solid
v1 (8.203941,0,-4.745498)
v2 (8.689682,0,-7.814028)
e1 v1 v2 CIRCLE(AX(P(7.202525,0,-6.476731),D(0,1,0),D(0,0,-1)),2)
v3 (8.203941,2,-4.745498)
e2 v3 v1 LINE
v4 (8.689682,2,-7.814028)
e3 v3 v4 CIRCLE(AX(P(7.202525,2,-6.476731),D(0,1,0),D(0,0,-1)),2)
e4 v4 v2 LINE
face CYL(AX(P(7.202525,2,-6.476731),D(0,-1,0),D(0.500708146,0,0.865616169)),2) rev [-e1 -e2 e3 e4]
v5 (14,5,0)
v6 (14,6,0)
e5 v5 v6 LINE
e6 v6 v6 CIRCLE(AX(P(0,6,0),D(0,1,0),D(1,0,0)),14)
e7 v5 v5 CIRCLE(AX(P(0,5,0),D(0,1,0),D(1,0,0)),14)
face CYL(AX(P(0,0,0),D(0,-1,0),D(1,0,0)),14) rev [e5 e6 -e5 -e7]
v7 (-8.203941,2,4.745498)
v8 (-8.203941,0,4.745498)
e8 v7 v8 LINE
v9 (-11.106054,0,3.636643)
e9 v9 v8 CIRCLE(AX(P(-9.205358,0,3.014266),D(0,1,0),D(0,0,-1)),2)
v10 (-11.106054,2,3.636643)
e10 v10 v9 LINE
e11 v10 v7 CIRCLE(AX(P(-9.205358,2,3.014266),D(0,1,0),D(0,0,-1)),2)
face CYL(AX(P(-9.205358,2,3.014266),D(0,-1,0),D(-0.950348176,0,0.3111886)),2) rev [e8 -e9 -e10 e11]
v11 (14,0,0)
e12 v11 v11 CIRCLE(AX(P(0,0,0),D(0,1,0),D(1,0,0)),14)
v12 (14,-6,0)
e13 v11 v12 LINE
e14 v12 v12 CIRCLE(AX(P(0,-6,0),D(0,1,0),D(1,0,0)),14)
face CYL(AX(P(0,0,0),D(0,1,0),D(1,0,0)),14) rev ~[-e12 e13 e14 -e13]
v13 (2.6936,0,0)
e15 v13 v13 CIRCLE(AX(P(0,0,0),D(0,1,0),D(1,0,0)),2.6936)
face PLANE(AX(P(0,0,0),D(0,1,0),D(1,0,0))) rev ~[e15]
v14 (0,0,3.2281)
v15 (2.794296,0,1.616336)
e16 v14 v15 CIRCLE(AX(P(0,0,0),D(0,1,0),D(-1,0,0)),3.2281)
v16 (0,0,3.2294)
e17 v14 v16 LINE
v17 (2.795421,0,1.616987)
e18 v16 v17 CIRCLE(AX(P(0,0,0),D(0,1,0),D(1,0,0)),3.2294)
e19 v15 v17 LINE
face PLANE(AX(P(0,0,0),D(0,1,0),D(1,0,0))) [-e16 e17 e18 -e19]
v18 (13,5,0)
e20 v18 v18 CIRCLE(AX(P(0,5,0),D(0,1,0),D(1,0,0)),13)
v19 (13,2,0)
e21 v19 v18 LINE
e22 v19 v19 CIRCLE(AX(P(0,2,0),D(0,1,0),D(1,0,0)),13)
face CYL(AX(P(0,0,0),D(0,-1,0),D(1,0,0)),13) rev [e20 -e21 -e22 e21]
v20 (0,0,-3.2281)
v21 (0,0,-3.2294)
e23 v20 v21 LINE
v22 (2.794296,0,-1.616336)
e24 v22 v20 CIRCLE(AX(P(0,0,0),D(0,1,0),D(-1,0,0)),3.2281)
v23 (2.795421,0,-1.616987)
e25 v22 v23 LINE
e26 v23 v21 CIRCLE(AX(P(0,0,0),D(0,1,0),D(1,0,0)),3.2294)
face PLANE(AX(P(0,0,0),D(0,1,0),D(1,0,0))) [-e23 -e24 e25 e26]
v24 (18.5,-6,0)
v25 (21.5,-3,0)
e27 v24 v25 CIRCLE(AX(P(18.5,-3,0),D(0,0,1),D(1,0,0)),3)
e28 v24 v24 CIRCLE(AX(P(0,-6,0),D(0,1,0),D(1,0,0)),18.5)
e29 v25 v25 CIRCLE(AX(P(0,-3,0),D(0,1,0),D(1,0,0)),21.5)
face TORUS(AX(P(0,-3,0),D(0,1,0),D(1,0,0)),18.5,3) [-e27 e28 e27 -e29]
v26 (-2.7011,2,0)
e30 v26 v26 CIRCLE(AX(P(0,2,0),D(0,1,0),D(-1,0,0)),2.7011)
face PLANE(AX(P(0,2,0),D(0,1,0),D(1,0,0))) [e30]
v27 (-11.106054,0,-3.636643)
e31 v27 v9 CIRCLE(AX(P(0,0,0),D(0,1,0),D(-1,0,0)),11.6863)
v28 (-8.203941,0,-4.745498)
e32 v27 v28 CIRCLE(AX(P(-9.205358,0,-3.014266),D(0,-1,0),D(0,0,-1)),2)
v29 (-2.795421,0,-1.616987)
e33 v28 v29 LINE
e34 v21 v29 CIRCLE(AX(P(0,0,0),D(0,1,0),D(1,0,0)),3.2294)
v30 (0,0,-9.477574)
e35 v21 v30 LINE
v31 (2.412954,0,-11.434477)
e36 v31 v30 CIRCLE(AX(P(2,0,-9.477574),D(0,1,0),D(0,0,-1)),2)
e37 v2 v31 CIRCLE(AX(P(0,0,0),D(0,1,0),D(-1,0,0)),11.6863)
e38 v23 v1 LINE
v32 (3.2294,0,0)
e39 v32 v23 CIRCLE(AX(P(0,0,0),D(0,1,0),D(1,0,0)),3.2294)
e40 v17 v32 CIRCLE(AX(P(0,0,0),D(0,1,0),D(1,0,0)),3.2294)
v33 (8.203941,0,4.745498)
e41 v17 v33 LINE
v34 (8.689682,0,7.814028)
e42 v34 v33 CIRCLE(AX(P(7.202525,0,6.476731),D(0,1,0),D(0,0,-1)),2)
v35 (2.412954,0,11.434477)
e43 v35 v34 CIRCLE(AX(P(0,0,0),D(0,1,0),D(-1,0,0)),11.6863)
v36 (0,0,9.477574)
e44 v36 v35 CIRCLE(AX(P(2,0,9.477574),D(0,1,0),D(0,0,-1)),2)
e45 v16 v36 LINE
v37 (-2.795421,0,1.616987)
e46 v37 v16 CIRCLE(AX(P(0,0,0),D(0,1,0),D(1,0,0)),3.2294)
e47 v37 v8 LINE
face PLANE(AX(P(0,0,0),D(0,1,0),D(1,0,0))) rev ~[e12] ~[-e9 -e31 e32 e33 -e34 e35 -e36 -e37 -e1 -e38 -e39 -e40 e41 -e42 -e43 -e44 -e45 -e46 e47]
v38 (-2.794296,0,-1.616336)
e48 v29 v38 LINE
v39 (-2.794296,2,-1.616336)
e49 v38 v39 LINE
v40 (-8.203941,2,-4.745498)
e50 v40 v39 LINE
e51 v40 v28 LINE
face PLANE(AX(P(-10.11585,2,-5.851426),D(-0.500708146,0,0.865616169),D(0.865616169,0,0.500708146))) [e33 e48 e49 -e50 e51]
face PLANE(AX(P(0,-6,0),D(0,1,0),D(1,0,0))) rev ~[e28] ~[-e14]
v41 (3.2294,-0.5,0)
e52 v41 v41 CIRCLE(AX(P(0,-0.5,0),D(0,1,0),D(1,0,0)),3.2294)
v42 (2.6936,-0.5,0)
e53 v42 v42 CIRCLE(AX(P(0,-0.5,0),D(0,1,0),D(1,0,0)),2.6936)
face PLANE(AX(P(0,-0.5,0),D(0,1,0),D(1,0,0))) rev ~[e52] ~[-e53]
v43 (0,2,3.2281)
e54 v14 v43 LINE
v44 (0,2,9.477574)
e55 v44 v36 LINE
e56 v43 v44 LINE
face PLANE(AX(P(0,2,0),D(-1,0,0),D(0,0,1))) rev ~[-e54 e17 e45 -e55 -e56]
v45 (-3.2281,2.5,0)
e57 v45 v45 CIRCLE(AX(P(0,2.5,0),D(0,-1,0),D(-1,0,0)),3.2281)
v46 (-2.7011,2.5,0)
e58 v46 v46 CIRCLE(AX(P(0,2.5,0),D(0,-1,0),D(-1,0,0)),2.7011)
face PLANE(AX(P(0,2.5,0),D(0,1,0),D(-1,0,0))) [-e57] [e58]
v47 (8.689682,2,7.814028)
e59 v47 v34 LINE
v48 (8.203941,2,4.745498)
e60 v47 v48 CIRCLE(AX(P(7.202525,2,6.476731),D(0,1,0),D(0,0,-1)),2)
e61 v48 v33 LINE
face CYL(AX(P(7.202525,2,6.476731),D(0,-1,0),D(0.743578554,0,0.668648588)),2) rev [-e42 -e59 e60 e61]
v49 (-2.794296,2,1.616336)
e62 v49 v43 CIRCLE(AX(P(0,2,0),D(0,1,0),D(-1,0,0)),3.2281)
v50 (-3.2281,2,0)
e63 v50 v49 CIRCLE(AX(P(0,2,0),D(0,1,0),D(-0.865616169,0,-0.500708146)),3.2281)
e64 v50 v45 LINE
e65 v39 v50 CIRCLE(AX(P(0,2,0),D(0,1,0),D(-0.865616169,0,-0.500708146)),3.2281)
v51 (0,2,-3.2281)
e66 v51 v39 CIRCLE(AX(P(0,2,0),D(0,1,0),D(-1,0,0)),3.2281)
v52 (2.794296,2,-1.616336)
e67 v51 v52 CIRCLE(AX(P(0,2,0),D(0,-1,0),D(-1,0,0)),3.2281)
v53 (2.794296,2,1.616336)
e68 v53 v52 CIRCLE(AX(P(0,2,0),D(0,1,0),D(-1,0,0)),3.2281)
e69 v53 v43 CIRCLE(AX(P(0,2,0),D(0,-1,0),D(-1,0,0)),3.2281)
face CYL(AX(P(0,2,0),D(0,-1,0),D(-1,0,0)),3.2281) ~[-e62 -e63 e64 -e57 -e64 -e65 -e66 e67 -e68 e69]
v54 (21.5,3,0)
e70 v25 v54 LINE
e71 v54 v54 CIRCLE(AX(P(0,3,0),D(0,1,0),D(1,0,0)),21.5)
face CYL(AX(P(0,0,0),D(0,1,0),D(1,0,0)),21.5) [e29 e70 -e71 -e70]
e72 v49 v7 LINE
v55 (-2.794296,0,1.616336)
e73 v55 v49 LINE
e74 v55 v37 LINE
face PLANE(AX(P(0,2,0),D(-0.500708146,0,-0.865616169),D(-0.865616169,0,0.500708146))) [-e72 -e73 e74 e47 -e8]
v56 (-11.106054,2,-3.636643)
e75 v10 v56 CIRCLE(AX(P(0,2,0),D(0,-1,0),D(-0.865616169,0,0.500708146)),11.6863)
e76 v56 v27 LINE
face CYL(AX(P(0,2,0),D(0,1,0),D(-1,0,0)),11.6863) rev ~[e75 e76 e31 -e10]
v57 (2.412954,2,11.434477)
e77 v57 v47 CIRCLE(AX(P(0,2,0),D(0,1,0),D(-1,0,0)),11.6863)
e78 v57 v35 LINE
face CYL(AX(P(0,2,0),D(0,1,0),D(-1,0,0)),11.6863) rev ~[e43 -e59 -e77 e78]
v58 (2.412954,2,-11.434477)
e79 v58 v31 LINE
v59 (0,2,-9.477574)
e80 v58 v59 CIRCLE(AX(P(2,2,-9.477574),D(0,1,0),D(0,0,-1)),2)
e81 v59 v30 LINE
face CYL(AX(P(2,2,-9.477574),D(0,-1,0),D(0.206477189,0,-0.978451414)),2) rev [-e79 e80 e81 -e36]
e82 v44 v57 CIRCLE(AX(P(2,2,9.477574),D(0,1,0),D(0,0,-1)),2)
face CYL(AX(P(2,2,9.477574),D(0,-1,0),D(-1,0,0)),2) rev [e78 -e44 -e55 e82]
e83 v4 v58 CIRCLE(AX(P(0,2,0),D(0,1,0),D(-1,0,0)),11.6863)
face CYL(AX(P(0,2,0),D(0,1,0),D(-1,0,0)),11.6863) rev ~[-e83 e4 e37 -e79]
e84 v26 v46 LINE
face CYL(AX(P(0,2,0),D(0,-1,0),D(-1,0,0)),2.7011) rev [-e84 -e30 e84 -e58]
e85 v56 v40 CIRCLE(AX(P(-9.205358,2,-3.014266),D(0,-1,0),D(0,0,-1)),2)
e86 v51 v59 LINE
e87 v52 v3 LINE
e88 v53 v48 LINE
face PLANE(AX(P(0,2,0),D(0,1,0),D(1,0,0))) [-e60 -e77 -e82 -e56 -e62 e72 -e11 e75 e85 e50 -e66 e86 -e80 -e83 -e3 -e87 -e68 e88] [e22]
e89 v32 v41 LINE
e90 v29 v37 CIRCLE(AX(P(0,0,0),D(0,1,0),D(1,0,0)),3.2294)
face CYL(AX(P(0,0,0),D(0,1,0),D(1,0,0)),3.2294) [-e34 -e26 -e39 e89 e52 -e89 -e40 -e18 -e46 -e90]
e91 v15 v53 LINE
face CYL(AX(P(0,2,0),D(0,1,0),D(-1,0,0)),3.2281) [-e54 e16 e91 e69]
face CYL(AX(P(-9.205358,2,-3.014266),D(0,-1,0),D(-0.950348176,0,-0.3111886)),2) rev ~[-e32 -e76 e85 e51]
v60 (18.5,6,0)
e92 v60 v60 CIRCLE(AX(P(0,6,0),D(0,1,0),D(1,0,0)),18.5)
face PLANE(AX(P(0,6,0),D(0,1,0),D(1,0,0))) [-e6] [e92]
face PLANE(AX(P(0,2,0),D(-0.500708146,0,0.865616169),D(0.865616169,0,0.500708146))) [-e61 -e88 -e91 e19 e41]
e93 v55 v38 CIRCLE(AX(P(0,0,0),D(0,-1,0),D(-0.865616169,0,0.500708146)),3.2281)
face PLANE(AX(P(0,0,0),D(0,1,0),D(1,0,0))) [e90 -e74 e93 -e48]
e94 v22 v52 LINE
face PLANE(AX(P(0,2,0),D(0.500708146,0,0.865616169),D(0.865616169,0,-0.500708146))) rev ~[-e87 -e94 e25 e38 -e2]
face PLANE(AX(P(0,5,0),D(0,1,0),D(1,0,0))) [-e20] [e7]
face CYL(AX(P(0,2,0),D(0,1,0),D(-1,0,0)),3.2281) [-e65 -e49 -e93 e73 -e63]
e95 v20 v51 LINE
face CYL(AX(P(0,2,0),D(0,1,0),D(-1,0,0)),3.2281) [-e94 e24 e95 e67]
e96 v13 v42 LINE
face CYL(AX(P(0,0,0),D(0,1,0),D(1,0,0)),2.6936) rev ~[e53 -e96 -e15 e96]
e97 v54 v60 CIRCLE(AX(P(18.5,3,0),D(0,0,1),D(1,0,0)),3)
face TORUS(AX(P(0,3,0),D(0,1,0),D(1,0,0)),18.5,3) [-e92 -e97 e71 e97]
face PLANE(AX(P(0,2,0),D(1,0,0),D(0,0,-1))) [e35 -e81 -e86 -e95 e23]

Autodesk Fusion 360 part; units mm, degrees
sketch "Sketch1" plane through (0, 0, 0) normal (0, 1, 0) x (1, 0, 0)
  circle A0 centre (0, 0) radius 21.5
  circle A1 centre (0, 0) radius 14
  circle A2 centre (0, 0) radius 13
  dimension "d1" = 43
  dimension "d2" = 28
  dimension "d3" = 26
extrude "Extrude1" add sketch "Sketch1" along normal mid plane 12 contours A0
extrude "Extrude2" add sketch "Sketch1" along normal blind 5 contours A1
extrude "Extrude3" add sketch "Sketch1" along normal blind 2 contours A2
fillet "Fillet1" radius 3 2 edges at (-20.045, 6, 7.7747) (-20.045, -6, -7.7747)
sketch "Sketch2" plane through (0, 2, 0) normal (0, 1, 0) x (-1, 0, 0)
  circle A0 centre (0, 0) radius 13
  line L0 (0, 0) -> (0, -13)
  line L1 (0, 0) -> (-11.253, 6.5092)
  line L2 (0, 0) -> (11.253, 6.5092)
  line L3 (0, 0) -> (-11.253, -6.5092)
  line L4 (0, 0) -> (0, 13)
  line L5 (11.253, -6.5092) -> (-11.253, 6.5092)
  circle A1 centre (0, 0) radius 11.6863
extrude "Extrude4" cut sketch "Sketch2" against normal blind 17 contours L2 L5 A1 | L1 L4 L5 A1 | L0 L3 A1
fillet "Fillet2" radius 2 6 edges at (0, 1, -11.6863) (10.1158, 1, 5.8514) (0, 1, 11.6863) (-10.1158, 1, 5.8514) (10.1158, 1, -5.8514) (-10.1158, 1, -5.8514)
sketch "Sketch3" plane through (0, 2, 0) normal (0, 1, 0) x (-1, 0, 0)
  arc A0 (11.106, -3.6366) -> (11.106, 3.6366) centre (0, 0) ccw
  arc A1 (8.2039, -4.7455) -> (11.106, -3.6366) centre (9.2053, -3.0142) ccw
  line L0 (8.2039, -4.7455) -> (0, 0)
  line L1 (0, 0) -> (0, -9.4775)
  arc A2 (-2.413, -11.4344) -> (0, -9.4775) centre (-2, -9.4775) ccw
  arc A3 (-8.6897, -7.814) -> (-2.413, -11.4344) centre (0, 0) ccw
  arc A4 (-8.2039, -4.7455) -> (-8.6897, -7.814) centre (-7.2025, -6.4767) ccw
  line L2 (-8.2039, -4.7455) -> (0, 0)
  line L3 (0, 0) -> (-8.2039, 4.7455)
  arc A5 (-8.6897, 7.814) -> (-8.2039, 4.7455) centre (-7.2025, 6.4767) ccw
  arc A6 (-2.413, 11.4344) -> (-8.6897, 7.814) centre (0, 0) ccw
  arc A7 (0, 9.4775) -> (-2.413, 11.4344) centre (-2, 9.4775) ccw
  line L4 (0, 9.4775) -> (0, 0)
  line L5 (0, 0) -> (8.2039, 4.7455)
  arc A8 (11.106, 3.6366) -> (8.2039, 4.7455) centre (9.2053, 3.0142) ccw
  circle A9 centre (0, 0) radius 13
  circle A10 centre (0, 0) radius 3.2281
  circle A11 centre (0, 0) radius 2.7011
extrude "Extrude5" add sketch "Sketch3" against normal blind 2 contours L0 L1 A10 A11 | L0 L5 A10 A11 | L4 L5 A10 A11 | L0 L1 A11 | L0 L5 A11 | L1 L2 A10 A11 | L4 L5 A11 | L3 L4 A10 A11 | L1 L2 A11 | L2 L3 A11 | L3 L4 A11 | L2 L3 A10 A11
sketch "Sketch4" plane through (0, 2, 0) normal (0, 1, 0) x (-1, 0, 0)
  line L0 (0, -3.2281) -> (0, -9.4775)
  arc A0 (-2.413, -11.4344) -> (0, -9.4775) centre (-2, -9.4775) ccw
  arc A1 (-8.6897, -7.814) -> (-2.413, -11.4344) centre (0, 0) ccw
  arc A2 (-8.2039, -4.7455) -> (-8.6897, -7.814) centre (-7.2025, -6.4767) ccw
  line L1 (-8.2039, -4.7455) -> (-2.7943, -1.6163)
  arc A3 (-2.7943, -1.6163) -> (0, -3.2281) centre (0, 0) ccw
  line L2 (-2.7943, 1.6163) -> (-8.2039, 4.7455)
  arc A4 (-8.6897, 7.814) -> (-8.2039, 4.7455) centre (-7.2025, 6.4767) ccw
  arc A5 (-2.413, 11.4344) -> (-8.6897, 7.814) centre (0, 0) ccw
  arc A6 (0, 9.4775) -> (-2.413, 11.4344) centre (-2, 9.4775) ccw
  line L3 (0, 9.4775) -> (0, 3.2281)
  arc A7 (0, 3.2281) -> (-2.7943, 1.6163) centre (0, 0) ccw
  arc A8 (2.7943, -1.6163) -> (2.7943, 1.6163) centre (0, 0) ccw
  line L4 (2.7943, 1.6163) -> (8.2039, 4.7455)
  arc A9 (11.106, 3.6366) -> (8.2039, 4.7455) centre (9.2053, 3.0142) ccw
  arc A10 (11.106, -3.6366) -> (11.106, 3.6366) centre (0, 0) ccw
  arc A11 (8.2039, -4.7455) -> (11.106, -3.6366) centre (9.2053, -3.0142) ccw
  line L5 (8.2039, -4.7455) -> (2.7943, -1.6163)
  circle A12 centre (0, 0) radius 13
  circle A13 centre (0, 0) radius 3.25
  circle A14 centre (0, 0) radius 2.7033
  circle A15 centre (0, 0) radius 2.7011
  circle A16 centre (0, 0) radius 3.2281
  circle A17 centre (0, 0) radius 3.25
  dimension "d18" = 6.5
extrude "Extrude6" add sketch "Sketch3" along normal blind 0.5 contours L0 L1 A10 A11 | L0 L5 A10 A11 | L4 L5 A10 A11 | L1 L2 A10 A11 | L3 L4 A10 A11 | L2 L3 A10 A11
sketch "Sketch5" plane through (0, 0, 0) normal (0, 1, 0) x (1, 0, 0)
  circle A0 centre (0, 0) radius 3.2294
  circle A1 centre (0, 0) radius 2.6936
extrude "Extrude7" add sketch "Sketch5" against normal blind 0.5
